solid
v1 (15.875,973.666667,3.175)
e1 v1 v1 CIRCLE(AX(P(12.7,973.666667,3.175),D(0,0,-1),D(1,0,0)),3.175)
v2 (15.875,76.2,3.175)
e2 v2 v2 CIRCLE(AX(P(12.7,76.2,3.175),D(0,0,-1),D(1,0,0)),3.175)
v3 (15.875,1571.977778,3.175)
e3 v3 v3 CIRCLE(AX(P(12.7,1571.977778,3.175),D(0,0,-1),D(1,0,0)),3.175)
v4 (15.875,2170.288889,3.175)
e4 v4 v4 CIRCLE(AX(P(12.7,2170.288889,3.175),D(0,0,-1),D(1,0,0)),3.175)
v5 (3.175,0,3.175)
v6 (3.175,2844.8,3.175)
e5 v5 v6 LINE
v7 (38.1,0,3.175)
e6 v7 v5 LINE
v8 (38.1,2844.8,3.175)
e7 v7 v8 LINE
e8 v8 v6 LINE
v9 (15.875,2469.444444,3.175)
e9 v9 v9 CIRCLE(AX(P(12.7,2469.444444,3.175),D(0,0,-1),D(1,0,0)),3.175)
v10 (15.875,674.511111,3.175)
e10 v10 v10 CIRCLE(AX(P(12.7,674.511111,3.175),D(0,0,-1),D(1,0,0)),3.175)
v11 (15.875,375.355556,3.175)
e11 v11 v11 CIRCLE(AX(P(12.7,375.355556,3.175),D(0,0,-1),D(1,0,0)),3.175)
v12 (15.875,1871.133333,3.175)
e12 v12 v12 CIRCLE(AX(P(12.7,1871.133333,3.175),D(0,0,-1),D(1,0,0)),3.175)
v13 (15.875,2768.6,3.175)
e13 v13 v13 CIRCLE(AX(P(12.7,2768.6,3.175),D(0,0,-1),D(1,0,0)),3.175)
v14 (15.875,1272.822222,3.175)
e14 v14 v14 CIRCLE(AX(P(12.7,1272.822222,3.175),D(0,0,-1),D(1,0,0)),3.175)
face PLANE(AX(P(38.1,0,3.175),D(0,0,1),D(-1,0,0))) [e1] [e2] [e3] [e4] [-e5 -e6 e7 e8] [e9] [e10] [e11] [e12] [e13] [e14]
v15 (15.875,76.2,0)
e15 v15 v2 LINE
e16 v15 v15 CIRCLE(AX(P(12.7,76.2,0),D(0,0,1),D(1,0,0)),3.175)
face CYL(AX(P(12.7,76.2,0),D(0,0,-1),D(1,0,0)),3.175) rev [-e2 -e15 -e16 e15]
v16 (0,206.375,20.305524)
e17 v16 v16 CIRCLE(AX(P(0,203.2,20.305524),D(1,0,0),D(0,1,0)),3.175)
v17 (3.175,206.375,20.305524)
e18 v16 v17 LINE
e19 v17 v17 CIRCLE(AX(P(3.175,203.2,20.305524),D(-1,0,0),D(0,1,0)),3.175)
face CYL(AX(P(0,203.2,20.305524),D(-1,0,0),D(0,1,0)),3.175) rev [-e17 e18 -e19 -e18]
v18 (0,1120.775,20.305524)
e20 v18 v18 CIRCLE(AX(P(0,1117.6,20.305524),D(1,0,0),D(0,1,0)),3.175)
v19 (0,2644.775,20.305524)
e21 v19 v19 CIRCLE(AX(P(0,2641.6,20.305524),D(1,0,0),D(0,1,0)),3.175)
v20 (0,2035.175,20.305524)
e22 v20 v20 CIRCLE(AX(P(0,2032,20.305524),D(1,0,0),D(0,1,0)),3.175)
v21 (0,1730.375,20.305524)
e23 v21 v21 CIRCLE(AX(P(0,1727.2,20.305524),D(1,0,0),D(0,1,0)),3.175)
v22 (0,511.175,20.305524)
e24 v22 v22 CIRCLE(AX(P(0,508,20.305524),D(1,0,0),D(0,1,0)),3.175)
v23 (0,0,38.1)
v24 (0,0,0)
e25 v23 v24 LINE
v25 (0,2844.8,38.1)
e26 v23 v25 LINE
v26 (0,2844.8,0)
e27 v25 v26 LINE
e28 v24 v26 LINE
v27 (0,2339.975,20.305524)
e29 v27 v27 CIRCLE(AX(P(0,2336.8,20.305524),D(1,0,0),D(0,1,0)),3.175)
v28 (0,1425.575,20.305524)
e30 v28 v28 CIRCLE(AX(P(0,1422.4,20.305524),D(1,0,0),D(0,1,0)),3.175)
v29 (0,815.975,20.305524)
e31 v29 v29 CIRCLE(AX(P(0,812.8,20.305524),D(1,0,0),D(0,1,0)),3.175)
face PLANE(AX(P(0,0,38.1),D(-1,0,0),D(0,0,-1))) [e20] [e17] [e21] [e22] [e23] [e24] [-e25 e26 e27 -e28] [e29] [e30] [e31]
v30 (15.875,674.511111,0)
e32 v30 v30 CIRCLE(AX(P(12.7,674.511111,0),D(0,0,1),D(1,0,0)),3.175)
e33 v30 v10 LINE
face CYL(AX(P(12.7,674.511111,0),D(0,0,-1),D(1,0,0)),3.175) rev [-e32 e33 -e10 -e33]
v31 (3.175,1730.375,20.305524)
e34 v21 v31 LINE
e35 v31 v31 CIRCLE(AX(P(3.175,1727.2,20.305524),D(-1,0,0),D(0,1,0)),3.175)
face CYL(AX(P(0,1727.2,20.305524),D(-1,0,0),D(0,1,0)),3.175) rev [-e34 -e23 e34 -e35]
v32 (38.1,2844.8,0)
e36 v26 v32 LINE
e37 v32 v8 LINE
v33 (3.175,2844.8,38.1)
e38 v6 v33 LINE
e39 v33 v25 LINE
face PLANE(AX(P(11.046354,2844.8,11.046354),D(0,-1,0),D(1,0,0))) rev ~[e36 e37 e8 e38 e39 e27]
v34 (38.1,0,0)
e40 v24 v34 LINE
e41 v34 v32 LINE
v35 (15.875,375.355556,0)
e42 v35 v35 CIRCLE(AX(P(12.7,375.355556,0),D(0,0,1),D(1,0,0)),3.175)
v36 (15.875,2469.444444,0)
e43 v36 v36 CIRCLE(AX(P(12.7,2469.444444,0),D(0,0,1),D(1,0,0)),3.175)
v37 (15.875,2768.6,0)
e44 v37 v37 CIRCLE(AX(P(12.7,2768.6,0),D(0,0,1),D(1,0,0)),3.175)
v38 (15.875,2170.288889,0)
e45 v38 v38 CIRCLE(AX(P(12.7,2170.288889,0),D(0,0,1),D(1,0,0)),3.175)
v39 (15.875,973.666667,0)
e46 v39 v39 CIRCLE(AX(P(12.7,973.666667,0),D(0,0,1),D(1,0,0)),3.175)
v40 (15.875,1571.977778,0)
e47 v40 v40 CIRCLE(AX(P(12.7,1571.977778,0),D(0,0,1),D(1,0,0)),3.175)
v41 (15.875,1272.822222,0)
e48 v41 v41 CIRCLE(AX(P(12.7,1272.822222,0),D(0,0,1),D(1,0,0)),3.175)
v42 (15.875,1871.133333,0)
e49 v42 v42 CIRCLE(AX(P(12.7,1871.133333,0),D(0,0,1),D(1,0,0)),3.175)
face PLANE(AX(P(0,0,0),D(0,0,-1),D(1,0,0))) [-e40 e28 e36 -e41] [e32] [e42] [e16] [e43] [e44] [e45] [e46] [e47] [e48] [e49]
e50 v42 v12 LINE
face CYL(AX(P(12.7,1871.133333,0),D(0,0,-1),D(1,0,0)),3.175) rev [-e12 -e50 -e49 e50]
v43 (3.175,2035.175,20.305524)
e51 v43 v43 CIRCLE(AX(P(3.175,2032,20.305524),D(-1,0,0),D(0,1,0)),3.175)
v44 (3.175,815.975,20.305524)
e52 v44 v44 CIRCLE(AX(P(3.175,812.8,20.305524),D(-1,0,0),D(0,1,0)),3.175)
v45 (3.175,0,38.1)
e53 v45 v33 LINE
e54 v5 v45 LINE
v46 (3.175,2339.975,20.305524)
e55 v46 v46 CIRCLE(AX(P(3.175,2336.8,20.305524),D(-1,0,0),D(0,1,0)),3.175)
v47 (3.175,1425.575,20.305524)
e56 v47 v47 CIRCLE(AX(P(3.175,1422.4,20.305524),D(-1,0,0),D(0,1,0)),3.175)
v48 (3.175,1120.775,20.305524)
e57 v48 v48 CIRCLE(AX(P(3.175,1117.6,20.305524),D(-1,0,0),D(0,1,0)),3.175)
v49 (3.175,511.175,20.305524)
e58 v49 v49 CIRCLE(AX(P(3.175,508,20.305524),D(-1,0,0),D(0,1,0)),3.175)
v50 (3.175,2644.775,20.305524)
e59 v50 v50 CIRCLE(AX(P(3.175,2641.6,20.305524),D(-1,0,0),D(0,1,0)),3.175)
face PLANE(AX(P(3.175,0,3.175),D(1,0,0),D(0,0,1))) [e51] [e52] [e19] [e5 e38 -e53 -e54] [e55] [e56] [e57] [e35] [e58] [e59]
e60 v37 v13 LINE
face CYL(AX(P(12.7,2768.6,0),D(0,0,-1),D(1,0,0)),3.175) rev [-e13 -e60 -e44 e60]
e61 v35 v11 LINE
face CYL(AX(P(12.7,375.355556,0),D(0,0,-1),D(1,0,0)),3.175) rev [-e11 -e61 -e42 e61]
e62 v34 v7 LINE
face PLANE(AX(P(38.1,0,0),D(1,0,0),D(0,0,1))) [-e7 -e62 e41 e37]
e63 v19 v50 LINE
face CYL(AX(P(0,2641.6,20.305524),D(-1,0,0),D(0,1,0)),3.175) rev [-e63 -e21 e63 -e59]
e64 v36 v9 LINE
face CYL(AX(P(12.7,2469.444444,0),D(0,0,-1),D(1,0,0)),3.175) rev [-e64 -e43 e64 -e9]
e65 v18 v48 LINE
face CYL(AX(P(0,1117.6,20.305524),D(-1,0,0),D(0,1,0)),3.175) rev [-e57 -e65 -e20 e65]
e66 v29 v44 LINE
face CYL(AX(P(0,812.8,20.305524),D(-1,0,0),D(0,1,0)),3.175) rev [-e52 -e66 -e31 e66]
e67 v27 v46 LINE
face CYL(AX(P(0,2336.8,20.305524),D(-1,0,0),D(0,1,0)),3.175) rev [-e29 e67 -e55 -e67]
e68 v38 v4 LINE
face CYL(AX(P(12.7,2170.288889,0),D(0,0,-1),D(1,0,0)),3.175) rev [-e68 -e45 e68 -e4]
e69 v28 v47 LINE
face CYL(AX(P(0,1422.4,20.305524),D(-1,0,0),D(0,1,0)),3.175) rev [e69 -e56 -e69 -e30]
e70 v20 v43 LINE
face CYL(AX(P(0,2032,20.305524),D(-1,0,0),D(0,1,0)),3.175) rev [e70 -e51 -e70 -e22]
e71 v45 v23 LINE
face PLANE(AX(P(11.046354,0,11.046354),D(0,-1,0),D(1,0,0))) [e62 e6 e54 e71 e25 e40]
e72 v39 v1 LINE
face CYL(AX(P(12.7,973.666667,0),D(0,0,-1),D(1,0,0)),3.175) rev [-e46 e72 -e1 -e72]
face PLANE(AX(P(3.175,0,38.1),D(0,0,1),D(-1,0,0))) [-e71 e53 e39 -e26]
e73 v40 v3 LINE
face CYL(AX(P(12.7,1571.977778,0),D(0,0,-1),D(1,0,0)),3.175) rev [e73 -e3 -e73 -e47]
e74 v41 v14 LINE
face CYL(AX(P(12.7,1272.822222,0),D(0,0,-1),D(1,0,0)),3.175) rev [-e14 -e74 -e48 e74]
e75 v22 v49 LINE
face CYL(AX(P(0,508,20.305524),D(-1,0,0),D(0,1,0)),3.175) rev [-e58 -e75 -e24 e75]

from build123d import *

# Parameters (mm, degrees)
F1_DEPTH = 2844.8
F2_R     = 3.175
F4_DEPTH = 25.4
F3_R     = 3.175
F5_DEPTH = 25.4


with BuildPart() as f1:
    # F0 (on Front) → F1 (new body)
    with BuildSketch(Plane.XZ):
        Polygon((0, 38.1), (0, 0), (38.1, 0), (38.1, 3.175), (3.175, 3.175), (3.175, 38.1), align=None)
    extrude(amount=-F1_DEPTH)

    # F2 (on Top) → F4 (cut)
    with BuildSketch(Plane.XY):
        with Locations((12.7, 76.2)):
            Circle(F2_R)
        with Locations((12.7, 375.355556)):
            Circle(F2_R)
        with Locations((12.7, 674.511111)):
            Circle(F2_R)
        with Locations((12.7, 973.666667)):
            Circle(F2_R)
        with Locations((12.7, 1272.822222)):
            Circle(F2_R)
        with Locations((12.7, 1571.977778)):
            Circle(F2_R)
        with Locations((12.7, 1871.133333)):
            Circle(F2_R)
        with Locations((12.7, 2170.288889)):
            Circle(F2_R)
        with Locations((12.7, 2469.444444)):
            Circle(F2_R)
        with Locations((12.7, 2768.6)):
            Circle(F2_R)
    extrude(amount=F4_DEPTH, mode=Mode.SUBTRACT)

    # F3 (on Right) → F5 (cut)
    with BuildSketch(Plane.YZ):
        with Locations((203.2, 20.305524)):
            Circle(F3_R)
        with Locations((508, 20.305524)):
            Circle(F3_R)
        with Locations((812.8, 20.305524)):
            Circle(F3_R)
        with Locations((1117.6, 20.305524)):
            Circle(F3_R)
        with Locations((1422.4, 20.305524)):
            Circle(F3_R)
        with Locations((1727.2, 20.305524)):
            Circle(F3_R)
        with Locations((2032, 20.305524)):
            Circle(F3_R)
        with Locations((2336.8, 20.305524)):
            Circle(F3_R)
        with Locations((2641.6, 20.305524)):
            Circle(F3_R)
    extrude(amount=F5_DEPTH, mode=Mode.SUBTRACT)


solid = f1.part
